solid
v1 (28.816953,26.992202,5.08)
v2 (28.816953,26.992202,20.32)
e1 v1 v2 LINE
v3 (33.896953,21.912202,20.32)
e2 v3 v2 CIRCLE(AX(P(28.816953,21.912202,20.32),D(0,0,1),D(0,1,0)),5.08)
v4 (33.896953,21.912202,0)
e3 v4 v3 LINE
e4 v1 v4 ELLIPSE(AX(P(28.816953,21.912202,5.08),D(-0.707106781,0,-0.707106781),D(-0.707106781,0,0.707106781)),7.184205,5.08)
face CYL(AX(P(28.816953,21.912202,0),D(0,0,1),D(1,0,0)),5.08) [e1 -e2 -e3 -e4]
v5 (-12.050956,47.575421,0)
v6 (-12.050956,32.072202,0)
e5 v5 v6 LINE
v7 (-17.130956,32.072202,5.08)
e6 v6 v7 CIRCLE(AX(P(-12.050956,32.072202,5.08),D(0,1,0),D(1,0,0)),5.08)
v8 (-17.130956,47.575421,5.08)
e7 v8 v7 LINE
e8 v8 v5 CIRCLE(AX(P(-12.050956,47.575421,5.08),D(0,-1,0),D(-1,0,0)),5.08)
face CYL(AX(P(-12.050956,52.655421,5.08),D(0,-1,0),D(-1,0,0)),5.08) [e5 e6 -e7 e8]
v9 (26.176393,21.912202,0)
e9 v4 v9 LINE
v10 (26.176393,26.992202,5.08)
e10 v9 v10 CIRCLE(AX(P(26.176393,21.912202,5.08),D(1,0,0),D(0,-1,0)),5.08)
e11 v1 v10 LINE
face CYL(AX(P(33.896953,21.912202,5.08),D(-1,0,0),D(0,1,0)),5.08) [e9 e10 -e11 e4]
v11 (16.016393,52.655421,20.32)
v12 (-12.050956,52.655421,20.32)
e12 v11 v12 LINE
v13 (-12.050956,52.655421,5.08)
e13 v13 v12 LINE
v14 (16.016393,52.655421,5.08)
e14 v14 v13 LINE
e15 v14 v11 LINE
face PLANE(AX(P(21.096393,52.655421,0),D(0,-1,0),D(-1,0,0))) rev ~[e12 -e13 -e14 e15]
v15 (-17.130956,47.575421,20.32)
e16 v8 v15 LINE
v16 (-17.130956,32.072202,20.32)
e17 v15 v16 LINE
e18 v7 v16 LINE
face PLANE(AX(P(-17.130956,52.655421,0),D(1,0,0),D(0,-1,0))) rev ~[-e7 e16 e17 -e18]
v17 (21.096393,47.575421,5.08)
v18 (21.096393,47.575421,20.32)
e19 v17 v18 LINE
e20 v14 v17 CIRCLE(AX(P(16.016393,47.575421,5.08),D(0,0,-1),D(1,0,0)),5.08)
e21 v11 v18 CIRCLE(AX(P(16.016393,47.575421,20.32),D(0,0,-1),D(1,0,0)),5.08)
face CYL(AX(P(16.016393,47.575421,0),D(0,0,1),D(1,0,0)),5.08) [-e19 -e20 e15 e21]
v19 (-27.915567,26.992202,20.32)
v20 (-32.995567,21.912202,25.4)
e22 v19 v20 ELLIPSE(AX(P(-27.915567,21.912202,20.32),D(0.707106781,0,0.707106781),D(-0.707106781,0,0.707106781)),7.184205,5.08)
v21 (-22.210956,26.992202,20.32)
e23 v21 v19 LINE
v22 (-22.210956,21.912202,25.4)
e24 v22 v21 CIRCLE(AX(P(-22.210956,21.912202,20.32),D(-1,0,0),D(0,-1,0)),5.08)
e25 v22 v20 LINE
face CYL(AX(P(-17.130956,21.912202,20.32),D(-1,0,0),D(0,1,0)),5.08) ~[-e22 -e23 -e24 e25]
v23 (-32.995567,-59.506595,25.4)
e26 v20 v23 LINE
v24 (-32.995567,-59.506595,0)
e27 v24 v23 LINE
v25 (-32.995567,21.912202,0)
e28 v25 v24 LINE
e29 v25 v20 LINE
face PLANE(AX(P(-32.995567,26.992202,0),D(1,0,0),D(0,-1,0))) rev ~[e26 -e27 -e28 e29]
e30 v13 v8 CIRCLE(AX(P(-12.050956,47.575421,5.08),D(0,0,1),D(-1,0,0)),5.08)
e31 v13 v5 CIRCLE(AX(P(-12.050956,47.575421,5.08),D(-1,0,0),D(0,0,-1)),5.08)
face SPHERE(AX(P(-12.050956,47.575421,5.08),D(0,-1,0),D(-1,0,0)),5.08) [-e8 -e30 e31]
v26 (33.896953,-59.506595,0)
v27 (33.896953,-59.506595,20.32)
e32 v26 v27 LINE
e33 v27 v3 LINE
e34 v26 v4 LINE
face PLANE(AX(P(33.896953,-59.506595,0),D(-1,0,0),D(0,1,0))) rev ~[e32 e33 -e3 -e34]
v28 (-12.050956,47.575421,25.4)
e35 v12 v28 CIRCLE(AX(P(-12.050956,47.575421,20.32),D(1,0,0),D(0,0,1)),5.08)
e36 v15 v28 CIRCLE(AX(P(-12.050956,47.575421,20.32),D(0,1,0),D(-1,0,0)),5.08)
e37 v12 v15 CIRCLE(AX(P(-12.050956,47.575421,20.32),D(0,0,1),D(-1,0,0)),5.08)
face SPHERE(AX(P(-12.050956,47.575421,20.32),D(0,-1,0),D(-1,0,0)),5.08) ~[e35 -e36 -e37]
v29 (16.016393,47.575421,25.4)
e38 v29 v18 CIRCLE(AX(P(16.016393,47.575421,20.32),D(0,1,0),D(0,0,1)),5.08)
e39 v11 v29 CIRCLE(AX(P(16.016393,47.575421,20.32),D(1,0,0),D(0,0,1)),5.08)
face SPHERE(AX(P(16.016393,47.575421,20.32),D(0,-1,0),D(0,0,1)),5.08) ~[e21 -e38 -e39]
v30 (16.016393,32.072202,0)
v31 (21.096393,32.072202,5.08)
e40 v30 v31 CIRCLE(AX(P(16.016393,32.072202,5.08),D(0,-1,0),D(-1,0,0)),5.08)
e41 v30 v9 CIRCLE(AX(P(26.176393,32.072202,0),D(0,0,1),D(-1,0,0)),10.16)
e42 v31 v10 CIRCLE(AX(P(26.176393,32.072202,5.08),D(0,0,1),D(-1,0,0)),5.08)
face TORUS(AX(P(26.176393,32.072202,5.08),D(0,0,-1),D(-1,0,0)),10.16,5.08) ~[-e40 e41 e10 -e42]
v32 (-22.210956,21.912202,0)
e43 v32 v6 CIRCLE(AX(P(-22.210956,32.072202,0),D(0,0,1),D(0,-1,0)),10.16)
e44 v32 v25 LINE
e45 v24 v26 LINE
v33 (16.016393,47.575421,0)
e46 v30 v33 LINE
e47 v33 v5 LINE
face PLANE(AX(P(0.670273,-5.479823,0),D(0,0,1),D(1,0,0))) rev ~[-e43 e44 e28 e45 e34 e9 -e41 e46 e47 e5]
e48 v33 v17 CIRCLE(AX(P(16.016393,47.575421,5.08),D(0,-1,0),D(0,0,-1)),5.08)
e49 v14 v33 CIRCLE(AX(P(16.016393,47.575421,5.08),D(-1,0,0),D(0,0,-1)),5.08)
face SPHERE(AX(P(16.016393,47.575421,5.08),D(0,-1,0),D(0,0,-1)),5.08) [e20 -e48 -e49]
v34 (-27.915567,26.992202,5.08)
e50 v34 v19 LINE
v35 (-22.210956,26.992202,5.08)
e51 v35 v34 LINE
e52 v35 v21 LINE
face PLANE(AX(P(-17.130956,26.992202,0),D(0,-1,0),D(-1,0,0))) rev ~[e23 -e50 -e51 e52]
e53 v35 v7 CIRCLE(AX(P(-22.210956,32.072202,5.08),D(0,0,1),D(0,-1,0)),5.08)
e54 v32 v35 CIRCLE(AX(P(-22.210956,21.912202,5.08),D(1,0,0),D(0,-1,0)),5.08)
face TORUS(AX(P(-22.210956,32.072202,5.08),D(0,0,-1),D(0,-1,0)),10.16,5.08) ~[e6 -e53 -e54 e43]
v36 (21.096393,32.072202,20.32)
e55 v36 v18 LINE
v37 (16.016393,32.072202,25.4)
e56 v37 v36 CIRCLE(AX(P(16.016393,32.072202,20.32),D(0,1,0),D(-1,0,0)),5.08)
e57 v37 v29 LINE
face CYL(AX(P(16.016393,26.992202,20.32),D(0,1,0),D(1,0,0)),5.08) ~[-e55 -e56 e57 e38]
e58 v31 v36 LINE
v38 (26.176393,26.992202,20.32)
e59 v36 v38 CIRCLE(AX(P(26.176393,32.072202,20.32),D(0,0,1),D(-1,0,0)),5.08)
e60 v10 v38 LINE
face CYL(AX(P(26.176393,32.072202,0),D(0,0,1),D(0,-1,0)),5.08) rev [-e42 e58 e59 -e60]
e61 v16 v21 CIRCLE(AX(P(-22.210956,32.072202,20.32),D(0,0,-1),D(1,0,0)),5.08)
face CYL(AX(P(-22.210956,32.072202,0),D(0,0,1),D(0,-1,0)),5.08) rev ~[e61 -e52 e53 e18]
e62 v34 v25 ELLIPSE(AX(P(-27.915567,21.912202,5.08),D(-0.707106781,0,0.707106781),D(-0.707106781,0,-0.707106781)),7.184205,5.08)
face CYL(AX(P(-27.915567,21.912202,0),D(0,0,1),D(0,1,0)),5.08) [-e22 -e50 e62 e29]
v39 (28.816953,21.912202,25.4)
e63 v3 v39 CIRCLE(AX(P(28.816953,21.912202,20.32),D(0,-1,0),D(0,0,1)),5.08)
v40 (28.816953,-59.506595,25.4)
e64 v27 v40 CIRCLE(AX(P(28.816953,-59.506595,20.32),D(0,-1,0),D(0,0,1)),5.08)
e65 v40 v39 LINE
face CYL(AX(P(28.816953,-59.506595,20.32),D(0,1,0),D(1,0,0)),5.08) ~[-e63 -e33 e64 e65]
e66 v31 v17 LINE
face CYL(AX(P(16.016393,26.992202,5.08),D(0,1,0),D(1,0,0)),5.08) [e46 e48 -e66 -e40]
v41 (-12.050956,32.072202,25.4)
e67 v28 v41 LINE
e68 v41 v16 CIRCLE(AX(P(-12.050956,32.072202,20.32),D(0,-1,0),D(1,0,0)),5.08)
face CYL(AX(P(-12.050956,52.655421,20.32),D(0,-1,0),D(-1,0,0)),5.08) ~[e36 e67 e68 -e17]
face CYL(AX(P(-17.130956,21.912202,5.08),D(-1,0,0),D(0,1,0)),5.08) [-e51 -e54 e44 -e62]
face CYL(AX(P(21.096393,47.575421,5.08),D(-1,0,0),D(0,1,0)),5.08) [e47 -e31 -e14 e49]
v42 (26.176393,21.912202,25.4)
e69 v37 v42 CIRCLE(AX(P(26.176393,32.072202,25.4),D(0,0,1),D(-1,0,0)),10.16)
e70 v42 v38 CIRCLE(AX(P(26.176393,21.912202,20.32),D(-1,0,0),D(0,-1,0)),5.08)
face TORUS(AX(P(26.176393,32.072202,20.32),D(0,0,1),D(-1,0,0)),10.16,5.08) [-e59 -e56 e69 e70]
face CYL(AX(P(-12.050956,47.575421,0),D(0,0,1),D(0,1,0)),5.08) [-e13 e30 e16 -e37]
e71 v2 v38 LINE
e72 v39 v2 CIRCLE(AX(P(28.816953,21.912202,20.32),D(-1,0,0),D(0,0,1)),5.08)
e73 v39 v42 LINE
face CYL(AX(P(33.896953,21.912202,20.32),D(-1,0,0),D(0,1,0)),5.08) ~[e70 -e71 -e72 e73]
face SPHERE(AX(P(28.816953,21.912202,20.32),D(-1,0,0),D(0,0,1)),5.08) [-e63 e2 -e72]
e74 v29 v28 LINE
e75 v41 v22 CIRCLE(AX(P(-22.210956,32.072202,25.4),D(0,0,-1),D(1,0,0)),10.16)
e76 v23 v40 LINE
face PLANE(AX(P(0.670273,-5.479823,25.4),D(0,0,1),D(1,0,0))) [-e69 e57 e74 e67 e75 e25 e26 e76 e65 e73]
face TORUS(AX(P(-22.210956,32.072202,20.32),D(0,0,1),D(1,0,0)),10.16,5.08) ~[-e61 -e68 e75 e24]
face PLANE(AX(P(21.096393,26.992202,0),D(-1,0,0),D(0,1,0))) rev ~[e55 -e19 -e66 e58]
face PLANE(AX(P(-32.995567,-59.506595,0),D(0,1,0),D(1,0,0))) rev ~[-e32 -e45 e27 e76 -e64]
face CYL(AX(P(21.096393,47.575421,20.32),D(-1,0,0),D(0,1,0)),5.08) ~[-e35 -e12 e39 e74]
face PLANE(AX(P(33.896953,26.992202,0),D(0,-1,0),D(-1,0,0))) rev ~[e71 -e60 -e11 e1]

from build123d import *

# Parameters (mm, degrees)
F1_DEPTH = 25.4
F2_R     = 5.08


with BuildPart() as f1:
    # F0 (on Top) → F1 (new body)
    with BuildSketch(Plane.XY):
        Polygon((-17.130956, 26.992202), (-32.995567, 26.992202), (-32.995567, -59.506595), (33.896953, -59.506595), (33.896953, 26.992202), (21.096393, 26.992202), (21.096393, 52.655421), (-17.130956, 52.655421), align=None)
    extrude(amount=F1_DEPTH)

    # F2
    f2_edges = [f1.edges().sort_by_distance(p)[0] for p in [
        (21.096393, 39.823812, 25.4),
        (21.096393, 39.823812, 0),
        (-25.063261, 26.992202, 0),
        (-17.130956, 39.823812, 0),
        (27.496673, 26.992202, 0),
        (27.496673, 26.992202, 25.4),
        (-17.130956, 39.823812, 25.4),
        (-25.063261, 26.992202, 25.4),
        (-17.130956, 26.992202, 12.7),
        (-32.995567, 26.992202, 12.7),
        (-17.130956, 52.655421, 12.7),
        (1.982719, 52.655421, 25.4),
        (1.982719, 52.655421, 0),
        (21.096393, 26.992202, 12.7),
        (21.096393, 52.655421, 12.7),
        (33.896953, -16.257197, 25.4),
        (33.896953, 26.992202, 12.7),
    ]]
    fillet(f2_edges, radius=F2_R)


solid = f1.part
